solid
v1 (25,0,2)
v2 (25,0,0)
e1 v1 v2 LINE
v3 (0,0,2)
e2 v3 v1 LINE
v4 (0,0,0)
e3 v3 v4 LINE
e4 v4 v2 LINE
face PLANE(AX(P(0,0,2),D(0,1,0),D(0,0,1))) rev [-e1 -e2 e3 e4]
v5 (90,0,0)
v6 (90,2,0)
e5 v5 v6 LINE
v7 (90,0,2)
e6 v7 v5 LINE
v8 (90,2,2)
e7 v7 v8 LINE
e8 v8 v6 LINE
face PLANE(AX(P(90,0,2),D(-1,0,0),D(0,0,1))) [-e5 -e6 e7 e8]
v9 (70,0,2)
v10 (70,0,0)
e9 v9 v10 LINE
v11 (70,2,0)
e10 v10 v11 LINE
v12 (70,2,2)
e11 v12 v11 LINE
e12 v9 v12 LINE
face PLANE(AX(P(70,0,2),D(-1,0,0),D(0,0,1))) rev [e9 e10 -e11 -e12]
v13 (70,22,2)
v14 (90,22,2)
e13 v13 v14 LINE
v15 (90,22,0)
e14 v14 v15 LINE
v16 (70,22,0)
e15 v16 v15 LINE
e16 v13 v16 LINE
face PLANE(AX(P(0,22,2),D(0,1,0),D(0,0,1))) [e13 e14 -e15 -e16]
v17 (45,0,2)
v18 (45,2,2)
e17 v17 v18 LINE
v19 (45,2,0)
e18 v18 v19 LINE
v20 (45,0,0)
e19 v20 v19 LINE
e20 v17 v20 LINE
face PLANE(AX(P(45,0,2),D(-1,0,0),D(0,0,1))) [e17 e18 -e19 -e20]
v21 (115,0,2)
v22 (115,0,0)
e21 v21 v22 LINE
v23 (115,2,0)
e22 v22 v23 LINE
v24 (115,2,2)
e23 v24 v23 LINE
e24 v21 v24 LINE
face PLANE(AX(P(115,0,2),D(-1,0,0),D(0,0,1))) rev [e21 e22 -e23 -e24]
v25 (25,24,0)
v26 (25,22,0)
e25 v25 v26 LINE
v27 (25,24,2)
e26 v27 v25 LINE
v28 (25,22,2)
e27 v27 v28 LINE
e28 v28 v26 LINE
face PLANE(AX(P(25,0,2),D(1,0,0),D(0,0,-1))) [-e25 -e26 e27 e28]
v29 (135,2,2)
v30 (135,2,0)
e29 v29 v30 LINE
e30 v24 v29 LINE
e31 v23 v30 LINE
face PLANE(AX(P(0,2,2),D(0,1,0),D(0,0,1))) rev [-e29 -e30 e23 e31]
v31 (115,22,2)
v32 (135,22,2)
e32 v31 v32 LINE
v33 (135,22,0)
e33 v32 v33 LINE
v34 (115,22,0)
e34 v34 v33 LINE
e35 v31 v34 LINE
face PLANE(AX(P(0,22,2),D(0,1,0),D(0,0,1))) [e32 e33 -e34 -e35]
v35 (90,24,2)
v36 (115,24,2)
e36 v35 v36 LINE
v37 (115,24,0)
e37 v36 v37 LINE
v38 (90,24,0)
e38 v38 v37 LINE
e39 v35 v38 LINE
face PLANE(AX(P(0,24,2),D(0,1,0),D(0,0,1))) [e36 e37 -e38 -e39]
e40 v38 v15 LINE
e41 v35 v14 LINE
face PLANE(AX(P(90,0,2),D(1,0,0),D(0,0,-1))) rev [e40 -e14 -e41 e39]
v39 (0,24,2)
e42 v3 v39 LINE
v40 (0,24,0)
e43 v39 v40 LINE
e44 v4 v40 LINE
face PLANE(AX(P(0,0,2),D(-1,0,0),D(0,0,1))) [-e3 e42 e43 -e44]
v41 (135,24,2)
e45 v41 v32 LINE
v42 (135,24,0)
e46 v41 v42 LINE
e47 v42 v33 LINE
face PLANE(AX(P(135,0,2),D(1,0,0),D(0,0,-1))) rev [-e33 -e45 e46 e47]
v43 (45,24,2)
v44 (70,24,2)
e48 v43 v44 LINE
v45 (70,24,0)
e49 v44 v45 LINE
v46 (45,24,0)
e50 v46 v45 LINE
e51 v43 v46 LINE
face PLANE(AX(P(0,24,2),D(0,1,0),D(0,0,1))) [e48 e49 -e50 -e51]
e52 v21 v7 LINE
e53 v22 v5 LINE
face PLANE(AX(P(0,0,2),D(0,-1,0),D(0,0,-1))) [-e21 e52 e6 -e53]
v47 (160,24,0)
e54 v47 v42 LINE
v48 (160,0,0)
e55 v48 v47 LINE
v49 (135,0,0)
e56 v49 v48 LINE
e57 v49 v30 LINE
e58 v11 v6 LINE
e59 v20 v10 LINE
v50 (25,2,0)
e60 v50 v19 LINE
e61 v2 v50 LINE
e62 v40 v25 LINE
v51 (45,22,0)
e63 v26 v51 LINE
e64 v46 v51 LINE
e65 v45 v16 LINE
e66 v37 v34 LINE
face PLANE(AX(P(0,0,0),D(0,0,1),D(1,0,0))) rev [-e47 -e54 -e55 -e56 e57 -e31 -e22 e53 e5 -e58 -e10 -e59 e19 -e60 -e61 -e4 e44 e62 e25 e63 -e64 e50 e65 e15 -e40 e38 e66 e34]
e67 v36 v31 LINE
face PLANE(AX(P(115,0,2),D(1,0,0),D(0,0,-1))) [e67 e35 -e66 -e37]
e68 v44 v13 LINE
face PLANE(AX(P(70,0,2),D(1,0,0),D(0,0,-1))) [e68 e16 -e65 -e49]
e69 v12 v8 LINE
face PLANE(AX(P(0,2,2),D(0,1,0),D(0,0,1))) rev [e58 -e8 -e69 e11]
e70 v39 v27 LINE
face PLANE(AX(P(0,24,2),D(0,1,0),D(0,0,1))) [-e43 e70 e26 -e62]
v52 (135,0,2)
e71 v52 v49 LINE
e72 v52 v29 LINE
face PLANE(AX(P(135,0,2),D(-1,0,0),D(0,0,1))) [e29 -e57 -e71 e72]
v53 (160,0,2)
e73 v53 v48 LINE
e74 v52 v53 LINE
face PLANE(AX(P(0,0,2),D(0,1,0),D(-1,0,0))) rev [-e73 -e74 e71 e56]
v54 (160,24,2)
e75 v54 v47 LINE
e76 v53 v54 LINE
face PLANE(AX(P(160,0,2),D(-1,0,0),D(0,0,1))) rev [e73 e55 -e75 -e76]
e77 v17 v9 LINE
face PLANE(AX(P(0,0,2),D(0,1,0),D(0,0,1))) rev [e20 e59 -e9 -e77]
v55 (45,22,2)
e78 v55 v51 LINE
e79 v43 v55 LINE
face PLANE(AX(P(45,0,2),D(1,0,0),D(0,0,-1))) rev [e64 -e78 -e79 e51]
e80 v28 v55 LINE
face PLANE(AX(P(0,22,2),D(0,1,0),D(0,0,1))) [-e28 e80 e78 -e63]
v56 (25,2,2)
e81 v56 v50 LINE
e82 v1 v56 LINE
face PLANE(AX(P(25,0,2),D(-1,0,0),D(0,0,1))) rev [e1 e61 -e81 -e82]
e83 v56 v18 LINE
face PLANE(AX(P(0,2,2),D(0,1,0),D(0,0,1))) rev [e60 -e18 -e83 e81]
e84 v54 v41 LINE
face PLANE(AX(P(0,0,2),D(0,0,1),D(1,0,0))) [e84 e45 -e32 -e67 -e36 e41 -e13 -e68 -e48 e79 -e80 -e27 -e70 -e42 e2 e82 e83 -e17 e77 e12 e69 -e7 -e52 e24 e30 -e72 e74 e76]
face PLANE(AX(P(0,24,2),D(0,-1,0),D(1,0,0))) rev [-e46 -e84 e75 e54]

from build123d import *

# Parameters (mm, degrees)
EXTRUDE_1_DEPTH = 2


with BuildPart() as part:
    # Эскиз1 → Бобышка-Вытянуть1 (new body)
    with BuildSketch(Plane.XY):
        Polygon((135, 2), (135, 0), (160, 0), (160, 2), (160, 22), (160, 24), (135, 24), (135, 22), (115, 22), (115, 24), (90, 24), (90, 22), (70, 22), (70, 24), (45, 24), (45, 22), (25.389163858, 22), (25, 22), (25, 24), (21.983225621, 24), (0, 24), (0, 22), (0, 2), (0, 0), (25, 0), (25, 2), (45, 2), (45, 0), (70, 0), (70, 2), (90, 2), (90, 0), (115, 0), (115, 2), align=None)
    extrude(amount=EXTRUDE_1_DEPTH)


solid = part.part
